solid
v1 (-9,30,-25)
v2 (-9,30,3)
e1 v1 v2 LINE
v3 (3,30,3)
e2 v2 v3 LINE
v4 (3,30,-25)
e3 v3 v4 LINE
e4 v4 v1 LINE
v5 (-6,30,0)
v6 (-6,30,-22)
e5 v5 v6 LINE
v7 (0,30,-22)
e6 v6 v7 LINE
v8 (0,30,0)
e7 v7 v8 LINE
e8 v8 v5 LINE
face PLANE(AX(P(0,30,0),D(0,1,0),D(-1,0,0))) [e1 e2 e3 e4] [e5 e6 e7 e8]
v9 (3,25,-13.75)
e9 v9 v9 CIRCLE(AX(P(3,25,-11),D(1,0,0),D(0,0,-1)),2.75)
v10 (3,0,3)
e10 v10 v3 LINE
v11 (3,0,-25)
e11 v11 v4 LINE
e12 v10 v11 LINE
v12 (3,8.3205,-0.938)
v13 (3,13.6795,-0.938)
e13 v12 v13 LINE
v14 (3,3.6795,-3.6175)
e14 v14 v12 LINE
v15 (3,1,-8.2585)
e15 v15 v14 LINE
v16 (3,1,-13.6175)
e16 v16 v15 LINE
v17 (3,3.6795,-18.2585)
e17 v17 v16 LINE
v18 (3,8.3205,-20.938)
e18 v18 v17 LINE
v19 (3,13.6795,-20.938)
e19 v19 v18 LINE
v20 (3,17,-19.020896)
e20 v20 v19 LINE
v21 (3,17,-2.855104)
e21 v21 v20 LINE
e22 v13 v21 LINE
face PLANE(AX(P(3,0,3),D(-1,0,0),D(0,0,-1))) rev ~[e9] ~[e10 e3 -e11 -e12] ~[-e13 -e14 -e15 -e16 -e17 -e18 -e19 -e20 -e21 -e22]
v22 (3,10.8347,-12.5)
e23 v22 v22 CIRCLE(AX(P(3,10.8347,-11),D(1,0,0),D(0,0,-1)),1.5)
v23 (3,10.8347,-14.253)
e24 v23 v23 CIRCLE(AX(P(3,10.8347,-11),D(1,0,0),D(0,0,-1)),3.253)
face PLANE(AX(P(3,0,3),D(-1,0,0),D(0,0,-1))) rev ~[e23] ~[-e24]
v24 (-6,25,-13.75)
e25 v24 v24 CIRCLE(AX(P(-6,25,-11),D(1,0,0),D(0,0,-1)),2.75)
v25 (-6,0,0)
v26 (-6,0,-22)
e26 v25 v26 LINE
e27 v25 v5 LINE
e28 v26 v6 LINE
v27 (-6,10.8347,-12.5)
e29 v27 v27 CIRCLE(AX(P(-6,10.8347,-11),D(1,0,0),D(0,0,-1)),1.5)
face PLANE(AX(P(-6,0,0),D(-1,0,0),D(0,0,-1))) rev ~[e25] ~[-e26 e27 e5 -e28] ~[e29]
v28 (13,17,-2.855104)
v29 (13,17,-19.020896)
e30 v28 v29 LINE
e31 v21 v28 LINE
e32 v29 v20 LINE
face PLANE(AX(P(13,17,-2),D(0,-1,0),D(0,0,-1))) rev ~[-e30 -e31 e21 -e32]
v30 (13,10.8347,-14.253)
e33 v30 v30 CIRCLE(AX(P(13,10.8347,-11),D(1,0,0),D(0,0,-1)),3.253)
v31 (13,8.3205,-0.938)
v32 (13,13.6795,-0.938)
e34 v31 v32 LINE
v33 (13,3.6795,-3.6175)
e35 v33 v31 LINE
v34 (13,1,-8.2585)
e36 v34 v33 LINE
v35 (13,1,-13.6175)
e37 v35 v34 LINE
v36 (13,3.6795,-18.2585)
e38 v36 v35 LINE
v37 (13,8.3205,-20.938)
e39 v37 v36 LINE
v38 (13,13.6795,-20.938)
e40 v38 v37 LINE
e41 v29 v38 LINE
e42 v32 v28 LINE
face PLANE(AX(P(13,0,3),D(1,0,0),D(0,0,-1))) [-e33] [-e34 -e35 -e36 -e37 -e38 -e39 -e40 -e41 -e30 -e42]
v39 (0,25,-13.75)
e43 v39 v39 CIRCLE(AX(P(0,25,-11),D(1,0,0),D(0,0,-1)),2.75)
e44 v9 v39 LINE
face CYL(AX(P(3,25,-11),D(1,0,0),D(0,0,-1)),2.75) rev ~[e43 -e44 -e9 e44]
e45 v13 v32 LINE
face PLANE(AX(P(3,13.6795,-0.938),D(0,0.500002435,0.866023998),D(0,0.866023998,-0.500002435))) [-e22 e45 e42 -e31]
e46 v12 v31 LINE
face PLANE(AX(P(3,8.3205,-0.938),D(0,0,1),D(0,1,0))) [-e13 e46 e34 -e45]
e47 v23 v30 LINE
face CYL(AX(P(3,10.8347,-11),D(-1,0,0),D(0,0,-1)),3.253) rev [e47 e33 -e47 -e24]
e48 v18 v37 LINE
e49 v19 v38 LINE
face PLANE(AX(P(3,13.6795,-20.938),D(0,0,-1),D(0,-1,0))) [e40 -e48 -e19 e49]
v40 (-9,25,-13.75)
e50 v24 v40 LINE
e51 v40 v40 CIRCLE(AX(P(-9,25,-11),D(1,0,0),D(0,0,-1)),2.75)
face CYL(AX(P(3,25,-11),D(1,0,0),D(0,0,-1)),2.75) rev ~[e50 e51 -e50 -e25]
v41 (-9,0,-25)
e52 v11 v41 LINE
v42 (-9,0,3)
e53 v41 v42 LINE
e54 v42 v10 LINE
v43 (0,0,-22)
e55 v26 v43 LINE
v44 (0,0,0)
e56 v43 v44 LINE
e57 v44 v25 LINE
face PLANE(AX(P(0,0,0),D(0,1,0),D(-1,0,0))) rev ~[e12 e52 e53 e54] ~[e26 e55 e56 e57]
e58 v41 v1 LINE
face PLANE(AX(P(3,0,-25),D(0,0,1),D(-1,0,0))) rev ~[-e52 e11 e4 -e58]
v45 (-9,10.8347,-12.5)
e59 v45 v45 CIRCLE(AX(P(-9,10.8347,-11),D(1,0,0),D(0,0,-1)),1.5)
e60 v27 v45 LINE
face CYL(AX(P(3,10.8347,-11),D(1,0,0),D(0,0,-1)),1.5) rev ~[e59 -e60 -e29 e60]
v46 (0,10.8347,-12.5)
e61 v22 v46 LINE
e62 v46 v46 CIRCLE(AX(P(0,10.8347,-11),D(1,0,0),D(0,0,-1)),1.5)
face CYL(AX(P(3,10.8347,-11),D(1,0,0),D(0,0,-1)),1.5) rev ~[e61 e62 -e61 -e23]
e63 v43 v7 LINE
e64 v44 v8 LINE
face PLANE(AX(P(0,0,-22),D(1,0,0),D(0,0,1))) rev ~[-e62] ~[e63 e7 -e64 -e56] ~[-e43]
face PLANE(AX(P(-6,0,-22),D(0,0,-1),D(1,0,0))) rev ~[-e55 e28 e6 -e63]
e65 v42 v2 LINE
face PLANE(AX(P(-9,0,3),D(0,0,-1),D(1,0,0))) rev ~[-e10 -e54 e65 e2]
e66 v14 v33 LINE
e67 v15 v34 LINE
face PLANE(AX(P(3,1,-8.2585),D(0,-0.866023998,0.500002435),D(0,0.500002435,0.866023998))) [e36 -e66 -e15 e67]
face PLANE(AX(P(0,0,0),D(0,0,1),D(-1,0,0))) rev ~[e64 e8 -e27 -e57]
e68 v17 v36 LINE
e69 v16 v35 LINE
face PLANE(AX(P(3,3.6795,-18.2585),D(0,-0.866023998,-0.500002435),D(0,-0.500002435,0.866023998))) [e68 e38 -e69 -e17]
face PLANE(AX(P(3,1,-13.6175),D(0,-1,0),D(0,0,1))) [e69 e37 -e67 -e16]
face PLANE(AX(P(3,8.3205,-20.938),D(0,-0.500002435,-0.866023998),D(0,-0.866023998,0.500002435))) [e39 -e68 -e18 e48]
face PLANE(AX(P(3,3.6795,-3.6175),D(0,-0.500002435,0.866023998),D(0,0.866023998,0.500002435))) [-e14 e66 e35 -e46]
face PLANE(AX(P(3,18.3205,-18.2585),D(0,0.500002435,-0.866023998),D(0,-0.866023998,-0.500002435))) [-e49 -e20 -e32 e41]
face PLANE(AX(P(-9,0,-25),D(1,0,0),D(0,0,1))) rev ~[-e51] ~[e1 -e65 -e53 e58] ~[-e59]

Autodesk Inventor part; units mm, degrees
ref_plane "YZ Plane" through (0, 0, 0) normal (1, 0, 0) x (0, 1, 0)
ref_plane "XZ Plane" through (0, 0, 0) normal (0, 1, 0) x (-1, 0, 0)
ref_plane "XY Plane" through (0, 0, 0) normal (0, 0, 1) x (1, 0, 0)
sketch "Sketch1" plane through (0, 0, 0) normal (0, 1, 0) x (-1, 0, 0)
  line L0 (0, 0) -> (6, 0)
  line L1 (6, 0) -> (6, -22)
  line L2 (6, -22) -> (0, -22)
  line L3 (0, -22) -> (0, 0)
  line L4 (9, 3) -> (-3, 3)
  line L5 (-3, 3) -> (-3, -25)
  line L6 (-3, -25) -> (9, -25)
  line L7 (9, -25) -> (9, 3)
  point P0 (3, 0)
  point P1 (3, -25)
  dimension "d0" = 22
  dimension "d1" = 6
  dimension "d2" = 3
  dimension "d3" = 3
  dimension "d4" = 3
  dimension "d5" = 3
extrude "Extrusion1" add sketch "Sketch1" along normal blind 30
sketch "Sketch2" plane through (3, 0, 3) normal (1, 0, 0) x (0, 0, -1)
  circle A0 centre (14, 25) radius 2.75
  line L0 (0, 30) -> (28, 30) projected
  point P0 (3, 0)
  dimension "d8" = 5.5
  dimension "d11" = 5
extrude "Extrusion2" cut sketch "Sketch2" against normal blind 30
sketch "Sketch3" plane through (3, 0, 3) normal (1, 0, 0) x (0, 0, -1)
  line L0 (6.6175, 3.6795) -> (3.938, 8.3205)
  line L1 (3.938, 8.3205) -> (3.938, 13.6795)
  line L2 (3.938, 13.6795) -> (6.6175, 18.3205)
  line L3 (6.6175, 18.3205) -> (11.2585, 21)
  line L4 (11.2585, 21) -> (16.6175, 21)
  line L5 (16.6175, 21) -> (21.2585, 18.3205)
  line L6 (21.2585, 18.3205) -> (23.938, 13.6795)
  line L7 (23.938, 13.6795) -> (23.938, 8.3205)
  line L8 (23.938, 8.3205) -> (21.2585, 3.6795)
  line L9 (21.2585, 3.6795) -> (16.6175, 1)
  line L10 (16.6175, 1) -> (11.2585, 1)
  line L11 (11.2585, 1) -> (6.6175, 3.6795)
  line L12 (0, 30) -> (28, 30) projected
  circle A0 centre (14, 10.8347) radius 3.253
  point P0 (3, 0)
  point P1 (13.938, 11)
  dimension "d12" = 10
  dimension "d13" = 19
extrude "Extrusion3" add sketch "Sketch3" along normal blind 10
sketch "Sketch5" plane through (3, 10.8347, -11) normal (1, 0, 0) x (0, 0, -1)
  circle A0 centre (0, 0) radius 1.5
  point P0 (-11, -10.8347)
  dimension "d18" = 3
extrude "Extrusion5" cut sketch "Sketch5" against normal blind 12
sketch "Sketch6" plane through (13, 0, 3) normal (1, 0, 0) x (0, 0, -1)
  line L0 (23, 22) -> (5, 22)
  line L1 (5, 22) -> (5, 17)
  line L2 (5, 17) -> (23, 17)
  line L3 (23, 17) -> (23, 22)
  line L4 (28, 0) -> (28, 30) projected
  line L5 (0, 0) -> (0, 30) projected
  line L6 (0, 30) -> (28, 30) projected
  point P0 (3, 0)
  dimension "d21" = 5
  dimension "d22" = 5
  dimension "d23" = 5
  dimension "d24" = 8
extrude "Extrusion6" cut sketch "Sketch6" against normal blind 10
equation "\"d22\" = d21"
properties part number "RollY" material "Thermoplastic Resin"
